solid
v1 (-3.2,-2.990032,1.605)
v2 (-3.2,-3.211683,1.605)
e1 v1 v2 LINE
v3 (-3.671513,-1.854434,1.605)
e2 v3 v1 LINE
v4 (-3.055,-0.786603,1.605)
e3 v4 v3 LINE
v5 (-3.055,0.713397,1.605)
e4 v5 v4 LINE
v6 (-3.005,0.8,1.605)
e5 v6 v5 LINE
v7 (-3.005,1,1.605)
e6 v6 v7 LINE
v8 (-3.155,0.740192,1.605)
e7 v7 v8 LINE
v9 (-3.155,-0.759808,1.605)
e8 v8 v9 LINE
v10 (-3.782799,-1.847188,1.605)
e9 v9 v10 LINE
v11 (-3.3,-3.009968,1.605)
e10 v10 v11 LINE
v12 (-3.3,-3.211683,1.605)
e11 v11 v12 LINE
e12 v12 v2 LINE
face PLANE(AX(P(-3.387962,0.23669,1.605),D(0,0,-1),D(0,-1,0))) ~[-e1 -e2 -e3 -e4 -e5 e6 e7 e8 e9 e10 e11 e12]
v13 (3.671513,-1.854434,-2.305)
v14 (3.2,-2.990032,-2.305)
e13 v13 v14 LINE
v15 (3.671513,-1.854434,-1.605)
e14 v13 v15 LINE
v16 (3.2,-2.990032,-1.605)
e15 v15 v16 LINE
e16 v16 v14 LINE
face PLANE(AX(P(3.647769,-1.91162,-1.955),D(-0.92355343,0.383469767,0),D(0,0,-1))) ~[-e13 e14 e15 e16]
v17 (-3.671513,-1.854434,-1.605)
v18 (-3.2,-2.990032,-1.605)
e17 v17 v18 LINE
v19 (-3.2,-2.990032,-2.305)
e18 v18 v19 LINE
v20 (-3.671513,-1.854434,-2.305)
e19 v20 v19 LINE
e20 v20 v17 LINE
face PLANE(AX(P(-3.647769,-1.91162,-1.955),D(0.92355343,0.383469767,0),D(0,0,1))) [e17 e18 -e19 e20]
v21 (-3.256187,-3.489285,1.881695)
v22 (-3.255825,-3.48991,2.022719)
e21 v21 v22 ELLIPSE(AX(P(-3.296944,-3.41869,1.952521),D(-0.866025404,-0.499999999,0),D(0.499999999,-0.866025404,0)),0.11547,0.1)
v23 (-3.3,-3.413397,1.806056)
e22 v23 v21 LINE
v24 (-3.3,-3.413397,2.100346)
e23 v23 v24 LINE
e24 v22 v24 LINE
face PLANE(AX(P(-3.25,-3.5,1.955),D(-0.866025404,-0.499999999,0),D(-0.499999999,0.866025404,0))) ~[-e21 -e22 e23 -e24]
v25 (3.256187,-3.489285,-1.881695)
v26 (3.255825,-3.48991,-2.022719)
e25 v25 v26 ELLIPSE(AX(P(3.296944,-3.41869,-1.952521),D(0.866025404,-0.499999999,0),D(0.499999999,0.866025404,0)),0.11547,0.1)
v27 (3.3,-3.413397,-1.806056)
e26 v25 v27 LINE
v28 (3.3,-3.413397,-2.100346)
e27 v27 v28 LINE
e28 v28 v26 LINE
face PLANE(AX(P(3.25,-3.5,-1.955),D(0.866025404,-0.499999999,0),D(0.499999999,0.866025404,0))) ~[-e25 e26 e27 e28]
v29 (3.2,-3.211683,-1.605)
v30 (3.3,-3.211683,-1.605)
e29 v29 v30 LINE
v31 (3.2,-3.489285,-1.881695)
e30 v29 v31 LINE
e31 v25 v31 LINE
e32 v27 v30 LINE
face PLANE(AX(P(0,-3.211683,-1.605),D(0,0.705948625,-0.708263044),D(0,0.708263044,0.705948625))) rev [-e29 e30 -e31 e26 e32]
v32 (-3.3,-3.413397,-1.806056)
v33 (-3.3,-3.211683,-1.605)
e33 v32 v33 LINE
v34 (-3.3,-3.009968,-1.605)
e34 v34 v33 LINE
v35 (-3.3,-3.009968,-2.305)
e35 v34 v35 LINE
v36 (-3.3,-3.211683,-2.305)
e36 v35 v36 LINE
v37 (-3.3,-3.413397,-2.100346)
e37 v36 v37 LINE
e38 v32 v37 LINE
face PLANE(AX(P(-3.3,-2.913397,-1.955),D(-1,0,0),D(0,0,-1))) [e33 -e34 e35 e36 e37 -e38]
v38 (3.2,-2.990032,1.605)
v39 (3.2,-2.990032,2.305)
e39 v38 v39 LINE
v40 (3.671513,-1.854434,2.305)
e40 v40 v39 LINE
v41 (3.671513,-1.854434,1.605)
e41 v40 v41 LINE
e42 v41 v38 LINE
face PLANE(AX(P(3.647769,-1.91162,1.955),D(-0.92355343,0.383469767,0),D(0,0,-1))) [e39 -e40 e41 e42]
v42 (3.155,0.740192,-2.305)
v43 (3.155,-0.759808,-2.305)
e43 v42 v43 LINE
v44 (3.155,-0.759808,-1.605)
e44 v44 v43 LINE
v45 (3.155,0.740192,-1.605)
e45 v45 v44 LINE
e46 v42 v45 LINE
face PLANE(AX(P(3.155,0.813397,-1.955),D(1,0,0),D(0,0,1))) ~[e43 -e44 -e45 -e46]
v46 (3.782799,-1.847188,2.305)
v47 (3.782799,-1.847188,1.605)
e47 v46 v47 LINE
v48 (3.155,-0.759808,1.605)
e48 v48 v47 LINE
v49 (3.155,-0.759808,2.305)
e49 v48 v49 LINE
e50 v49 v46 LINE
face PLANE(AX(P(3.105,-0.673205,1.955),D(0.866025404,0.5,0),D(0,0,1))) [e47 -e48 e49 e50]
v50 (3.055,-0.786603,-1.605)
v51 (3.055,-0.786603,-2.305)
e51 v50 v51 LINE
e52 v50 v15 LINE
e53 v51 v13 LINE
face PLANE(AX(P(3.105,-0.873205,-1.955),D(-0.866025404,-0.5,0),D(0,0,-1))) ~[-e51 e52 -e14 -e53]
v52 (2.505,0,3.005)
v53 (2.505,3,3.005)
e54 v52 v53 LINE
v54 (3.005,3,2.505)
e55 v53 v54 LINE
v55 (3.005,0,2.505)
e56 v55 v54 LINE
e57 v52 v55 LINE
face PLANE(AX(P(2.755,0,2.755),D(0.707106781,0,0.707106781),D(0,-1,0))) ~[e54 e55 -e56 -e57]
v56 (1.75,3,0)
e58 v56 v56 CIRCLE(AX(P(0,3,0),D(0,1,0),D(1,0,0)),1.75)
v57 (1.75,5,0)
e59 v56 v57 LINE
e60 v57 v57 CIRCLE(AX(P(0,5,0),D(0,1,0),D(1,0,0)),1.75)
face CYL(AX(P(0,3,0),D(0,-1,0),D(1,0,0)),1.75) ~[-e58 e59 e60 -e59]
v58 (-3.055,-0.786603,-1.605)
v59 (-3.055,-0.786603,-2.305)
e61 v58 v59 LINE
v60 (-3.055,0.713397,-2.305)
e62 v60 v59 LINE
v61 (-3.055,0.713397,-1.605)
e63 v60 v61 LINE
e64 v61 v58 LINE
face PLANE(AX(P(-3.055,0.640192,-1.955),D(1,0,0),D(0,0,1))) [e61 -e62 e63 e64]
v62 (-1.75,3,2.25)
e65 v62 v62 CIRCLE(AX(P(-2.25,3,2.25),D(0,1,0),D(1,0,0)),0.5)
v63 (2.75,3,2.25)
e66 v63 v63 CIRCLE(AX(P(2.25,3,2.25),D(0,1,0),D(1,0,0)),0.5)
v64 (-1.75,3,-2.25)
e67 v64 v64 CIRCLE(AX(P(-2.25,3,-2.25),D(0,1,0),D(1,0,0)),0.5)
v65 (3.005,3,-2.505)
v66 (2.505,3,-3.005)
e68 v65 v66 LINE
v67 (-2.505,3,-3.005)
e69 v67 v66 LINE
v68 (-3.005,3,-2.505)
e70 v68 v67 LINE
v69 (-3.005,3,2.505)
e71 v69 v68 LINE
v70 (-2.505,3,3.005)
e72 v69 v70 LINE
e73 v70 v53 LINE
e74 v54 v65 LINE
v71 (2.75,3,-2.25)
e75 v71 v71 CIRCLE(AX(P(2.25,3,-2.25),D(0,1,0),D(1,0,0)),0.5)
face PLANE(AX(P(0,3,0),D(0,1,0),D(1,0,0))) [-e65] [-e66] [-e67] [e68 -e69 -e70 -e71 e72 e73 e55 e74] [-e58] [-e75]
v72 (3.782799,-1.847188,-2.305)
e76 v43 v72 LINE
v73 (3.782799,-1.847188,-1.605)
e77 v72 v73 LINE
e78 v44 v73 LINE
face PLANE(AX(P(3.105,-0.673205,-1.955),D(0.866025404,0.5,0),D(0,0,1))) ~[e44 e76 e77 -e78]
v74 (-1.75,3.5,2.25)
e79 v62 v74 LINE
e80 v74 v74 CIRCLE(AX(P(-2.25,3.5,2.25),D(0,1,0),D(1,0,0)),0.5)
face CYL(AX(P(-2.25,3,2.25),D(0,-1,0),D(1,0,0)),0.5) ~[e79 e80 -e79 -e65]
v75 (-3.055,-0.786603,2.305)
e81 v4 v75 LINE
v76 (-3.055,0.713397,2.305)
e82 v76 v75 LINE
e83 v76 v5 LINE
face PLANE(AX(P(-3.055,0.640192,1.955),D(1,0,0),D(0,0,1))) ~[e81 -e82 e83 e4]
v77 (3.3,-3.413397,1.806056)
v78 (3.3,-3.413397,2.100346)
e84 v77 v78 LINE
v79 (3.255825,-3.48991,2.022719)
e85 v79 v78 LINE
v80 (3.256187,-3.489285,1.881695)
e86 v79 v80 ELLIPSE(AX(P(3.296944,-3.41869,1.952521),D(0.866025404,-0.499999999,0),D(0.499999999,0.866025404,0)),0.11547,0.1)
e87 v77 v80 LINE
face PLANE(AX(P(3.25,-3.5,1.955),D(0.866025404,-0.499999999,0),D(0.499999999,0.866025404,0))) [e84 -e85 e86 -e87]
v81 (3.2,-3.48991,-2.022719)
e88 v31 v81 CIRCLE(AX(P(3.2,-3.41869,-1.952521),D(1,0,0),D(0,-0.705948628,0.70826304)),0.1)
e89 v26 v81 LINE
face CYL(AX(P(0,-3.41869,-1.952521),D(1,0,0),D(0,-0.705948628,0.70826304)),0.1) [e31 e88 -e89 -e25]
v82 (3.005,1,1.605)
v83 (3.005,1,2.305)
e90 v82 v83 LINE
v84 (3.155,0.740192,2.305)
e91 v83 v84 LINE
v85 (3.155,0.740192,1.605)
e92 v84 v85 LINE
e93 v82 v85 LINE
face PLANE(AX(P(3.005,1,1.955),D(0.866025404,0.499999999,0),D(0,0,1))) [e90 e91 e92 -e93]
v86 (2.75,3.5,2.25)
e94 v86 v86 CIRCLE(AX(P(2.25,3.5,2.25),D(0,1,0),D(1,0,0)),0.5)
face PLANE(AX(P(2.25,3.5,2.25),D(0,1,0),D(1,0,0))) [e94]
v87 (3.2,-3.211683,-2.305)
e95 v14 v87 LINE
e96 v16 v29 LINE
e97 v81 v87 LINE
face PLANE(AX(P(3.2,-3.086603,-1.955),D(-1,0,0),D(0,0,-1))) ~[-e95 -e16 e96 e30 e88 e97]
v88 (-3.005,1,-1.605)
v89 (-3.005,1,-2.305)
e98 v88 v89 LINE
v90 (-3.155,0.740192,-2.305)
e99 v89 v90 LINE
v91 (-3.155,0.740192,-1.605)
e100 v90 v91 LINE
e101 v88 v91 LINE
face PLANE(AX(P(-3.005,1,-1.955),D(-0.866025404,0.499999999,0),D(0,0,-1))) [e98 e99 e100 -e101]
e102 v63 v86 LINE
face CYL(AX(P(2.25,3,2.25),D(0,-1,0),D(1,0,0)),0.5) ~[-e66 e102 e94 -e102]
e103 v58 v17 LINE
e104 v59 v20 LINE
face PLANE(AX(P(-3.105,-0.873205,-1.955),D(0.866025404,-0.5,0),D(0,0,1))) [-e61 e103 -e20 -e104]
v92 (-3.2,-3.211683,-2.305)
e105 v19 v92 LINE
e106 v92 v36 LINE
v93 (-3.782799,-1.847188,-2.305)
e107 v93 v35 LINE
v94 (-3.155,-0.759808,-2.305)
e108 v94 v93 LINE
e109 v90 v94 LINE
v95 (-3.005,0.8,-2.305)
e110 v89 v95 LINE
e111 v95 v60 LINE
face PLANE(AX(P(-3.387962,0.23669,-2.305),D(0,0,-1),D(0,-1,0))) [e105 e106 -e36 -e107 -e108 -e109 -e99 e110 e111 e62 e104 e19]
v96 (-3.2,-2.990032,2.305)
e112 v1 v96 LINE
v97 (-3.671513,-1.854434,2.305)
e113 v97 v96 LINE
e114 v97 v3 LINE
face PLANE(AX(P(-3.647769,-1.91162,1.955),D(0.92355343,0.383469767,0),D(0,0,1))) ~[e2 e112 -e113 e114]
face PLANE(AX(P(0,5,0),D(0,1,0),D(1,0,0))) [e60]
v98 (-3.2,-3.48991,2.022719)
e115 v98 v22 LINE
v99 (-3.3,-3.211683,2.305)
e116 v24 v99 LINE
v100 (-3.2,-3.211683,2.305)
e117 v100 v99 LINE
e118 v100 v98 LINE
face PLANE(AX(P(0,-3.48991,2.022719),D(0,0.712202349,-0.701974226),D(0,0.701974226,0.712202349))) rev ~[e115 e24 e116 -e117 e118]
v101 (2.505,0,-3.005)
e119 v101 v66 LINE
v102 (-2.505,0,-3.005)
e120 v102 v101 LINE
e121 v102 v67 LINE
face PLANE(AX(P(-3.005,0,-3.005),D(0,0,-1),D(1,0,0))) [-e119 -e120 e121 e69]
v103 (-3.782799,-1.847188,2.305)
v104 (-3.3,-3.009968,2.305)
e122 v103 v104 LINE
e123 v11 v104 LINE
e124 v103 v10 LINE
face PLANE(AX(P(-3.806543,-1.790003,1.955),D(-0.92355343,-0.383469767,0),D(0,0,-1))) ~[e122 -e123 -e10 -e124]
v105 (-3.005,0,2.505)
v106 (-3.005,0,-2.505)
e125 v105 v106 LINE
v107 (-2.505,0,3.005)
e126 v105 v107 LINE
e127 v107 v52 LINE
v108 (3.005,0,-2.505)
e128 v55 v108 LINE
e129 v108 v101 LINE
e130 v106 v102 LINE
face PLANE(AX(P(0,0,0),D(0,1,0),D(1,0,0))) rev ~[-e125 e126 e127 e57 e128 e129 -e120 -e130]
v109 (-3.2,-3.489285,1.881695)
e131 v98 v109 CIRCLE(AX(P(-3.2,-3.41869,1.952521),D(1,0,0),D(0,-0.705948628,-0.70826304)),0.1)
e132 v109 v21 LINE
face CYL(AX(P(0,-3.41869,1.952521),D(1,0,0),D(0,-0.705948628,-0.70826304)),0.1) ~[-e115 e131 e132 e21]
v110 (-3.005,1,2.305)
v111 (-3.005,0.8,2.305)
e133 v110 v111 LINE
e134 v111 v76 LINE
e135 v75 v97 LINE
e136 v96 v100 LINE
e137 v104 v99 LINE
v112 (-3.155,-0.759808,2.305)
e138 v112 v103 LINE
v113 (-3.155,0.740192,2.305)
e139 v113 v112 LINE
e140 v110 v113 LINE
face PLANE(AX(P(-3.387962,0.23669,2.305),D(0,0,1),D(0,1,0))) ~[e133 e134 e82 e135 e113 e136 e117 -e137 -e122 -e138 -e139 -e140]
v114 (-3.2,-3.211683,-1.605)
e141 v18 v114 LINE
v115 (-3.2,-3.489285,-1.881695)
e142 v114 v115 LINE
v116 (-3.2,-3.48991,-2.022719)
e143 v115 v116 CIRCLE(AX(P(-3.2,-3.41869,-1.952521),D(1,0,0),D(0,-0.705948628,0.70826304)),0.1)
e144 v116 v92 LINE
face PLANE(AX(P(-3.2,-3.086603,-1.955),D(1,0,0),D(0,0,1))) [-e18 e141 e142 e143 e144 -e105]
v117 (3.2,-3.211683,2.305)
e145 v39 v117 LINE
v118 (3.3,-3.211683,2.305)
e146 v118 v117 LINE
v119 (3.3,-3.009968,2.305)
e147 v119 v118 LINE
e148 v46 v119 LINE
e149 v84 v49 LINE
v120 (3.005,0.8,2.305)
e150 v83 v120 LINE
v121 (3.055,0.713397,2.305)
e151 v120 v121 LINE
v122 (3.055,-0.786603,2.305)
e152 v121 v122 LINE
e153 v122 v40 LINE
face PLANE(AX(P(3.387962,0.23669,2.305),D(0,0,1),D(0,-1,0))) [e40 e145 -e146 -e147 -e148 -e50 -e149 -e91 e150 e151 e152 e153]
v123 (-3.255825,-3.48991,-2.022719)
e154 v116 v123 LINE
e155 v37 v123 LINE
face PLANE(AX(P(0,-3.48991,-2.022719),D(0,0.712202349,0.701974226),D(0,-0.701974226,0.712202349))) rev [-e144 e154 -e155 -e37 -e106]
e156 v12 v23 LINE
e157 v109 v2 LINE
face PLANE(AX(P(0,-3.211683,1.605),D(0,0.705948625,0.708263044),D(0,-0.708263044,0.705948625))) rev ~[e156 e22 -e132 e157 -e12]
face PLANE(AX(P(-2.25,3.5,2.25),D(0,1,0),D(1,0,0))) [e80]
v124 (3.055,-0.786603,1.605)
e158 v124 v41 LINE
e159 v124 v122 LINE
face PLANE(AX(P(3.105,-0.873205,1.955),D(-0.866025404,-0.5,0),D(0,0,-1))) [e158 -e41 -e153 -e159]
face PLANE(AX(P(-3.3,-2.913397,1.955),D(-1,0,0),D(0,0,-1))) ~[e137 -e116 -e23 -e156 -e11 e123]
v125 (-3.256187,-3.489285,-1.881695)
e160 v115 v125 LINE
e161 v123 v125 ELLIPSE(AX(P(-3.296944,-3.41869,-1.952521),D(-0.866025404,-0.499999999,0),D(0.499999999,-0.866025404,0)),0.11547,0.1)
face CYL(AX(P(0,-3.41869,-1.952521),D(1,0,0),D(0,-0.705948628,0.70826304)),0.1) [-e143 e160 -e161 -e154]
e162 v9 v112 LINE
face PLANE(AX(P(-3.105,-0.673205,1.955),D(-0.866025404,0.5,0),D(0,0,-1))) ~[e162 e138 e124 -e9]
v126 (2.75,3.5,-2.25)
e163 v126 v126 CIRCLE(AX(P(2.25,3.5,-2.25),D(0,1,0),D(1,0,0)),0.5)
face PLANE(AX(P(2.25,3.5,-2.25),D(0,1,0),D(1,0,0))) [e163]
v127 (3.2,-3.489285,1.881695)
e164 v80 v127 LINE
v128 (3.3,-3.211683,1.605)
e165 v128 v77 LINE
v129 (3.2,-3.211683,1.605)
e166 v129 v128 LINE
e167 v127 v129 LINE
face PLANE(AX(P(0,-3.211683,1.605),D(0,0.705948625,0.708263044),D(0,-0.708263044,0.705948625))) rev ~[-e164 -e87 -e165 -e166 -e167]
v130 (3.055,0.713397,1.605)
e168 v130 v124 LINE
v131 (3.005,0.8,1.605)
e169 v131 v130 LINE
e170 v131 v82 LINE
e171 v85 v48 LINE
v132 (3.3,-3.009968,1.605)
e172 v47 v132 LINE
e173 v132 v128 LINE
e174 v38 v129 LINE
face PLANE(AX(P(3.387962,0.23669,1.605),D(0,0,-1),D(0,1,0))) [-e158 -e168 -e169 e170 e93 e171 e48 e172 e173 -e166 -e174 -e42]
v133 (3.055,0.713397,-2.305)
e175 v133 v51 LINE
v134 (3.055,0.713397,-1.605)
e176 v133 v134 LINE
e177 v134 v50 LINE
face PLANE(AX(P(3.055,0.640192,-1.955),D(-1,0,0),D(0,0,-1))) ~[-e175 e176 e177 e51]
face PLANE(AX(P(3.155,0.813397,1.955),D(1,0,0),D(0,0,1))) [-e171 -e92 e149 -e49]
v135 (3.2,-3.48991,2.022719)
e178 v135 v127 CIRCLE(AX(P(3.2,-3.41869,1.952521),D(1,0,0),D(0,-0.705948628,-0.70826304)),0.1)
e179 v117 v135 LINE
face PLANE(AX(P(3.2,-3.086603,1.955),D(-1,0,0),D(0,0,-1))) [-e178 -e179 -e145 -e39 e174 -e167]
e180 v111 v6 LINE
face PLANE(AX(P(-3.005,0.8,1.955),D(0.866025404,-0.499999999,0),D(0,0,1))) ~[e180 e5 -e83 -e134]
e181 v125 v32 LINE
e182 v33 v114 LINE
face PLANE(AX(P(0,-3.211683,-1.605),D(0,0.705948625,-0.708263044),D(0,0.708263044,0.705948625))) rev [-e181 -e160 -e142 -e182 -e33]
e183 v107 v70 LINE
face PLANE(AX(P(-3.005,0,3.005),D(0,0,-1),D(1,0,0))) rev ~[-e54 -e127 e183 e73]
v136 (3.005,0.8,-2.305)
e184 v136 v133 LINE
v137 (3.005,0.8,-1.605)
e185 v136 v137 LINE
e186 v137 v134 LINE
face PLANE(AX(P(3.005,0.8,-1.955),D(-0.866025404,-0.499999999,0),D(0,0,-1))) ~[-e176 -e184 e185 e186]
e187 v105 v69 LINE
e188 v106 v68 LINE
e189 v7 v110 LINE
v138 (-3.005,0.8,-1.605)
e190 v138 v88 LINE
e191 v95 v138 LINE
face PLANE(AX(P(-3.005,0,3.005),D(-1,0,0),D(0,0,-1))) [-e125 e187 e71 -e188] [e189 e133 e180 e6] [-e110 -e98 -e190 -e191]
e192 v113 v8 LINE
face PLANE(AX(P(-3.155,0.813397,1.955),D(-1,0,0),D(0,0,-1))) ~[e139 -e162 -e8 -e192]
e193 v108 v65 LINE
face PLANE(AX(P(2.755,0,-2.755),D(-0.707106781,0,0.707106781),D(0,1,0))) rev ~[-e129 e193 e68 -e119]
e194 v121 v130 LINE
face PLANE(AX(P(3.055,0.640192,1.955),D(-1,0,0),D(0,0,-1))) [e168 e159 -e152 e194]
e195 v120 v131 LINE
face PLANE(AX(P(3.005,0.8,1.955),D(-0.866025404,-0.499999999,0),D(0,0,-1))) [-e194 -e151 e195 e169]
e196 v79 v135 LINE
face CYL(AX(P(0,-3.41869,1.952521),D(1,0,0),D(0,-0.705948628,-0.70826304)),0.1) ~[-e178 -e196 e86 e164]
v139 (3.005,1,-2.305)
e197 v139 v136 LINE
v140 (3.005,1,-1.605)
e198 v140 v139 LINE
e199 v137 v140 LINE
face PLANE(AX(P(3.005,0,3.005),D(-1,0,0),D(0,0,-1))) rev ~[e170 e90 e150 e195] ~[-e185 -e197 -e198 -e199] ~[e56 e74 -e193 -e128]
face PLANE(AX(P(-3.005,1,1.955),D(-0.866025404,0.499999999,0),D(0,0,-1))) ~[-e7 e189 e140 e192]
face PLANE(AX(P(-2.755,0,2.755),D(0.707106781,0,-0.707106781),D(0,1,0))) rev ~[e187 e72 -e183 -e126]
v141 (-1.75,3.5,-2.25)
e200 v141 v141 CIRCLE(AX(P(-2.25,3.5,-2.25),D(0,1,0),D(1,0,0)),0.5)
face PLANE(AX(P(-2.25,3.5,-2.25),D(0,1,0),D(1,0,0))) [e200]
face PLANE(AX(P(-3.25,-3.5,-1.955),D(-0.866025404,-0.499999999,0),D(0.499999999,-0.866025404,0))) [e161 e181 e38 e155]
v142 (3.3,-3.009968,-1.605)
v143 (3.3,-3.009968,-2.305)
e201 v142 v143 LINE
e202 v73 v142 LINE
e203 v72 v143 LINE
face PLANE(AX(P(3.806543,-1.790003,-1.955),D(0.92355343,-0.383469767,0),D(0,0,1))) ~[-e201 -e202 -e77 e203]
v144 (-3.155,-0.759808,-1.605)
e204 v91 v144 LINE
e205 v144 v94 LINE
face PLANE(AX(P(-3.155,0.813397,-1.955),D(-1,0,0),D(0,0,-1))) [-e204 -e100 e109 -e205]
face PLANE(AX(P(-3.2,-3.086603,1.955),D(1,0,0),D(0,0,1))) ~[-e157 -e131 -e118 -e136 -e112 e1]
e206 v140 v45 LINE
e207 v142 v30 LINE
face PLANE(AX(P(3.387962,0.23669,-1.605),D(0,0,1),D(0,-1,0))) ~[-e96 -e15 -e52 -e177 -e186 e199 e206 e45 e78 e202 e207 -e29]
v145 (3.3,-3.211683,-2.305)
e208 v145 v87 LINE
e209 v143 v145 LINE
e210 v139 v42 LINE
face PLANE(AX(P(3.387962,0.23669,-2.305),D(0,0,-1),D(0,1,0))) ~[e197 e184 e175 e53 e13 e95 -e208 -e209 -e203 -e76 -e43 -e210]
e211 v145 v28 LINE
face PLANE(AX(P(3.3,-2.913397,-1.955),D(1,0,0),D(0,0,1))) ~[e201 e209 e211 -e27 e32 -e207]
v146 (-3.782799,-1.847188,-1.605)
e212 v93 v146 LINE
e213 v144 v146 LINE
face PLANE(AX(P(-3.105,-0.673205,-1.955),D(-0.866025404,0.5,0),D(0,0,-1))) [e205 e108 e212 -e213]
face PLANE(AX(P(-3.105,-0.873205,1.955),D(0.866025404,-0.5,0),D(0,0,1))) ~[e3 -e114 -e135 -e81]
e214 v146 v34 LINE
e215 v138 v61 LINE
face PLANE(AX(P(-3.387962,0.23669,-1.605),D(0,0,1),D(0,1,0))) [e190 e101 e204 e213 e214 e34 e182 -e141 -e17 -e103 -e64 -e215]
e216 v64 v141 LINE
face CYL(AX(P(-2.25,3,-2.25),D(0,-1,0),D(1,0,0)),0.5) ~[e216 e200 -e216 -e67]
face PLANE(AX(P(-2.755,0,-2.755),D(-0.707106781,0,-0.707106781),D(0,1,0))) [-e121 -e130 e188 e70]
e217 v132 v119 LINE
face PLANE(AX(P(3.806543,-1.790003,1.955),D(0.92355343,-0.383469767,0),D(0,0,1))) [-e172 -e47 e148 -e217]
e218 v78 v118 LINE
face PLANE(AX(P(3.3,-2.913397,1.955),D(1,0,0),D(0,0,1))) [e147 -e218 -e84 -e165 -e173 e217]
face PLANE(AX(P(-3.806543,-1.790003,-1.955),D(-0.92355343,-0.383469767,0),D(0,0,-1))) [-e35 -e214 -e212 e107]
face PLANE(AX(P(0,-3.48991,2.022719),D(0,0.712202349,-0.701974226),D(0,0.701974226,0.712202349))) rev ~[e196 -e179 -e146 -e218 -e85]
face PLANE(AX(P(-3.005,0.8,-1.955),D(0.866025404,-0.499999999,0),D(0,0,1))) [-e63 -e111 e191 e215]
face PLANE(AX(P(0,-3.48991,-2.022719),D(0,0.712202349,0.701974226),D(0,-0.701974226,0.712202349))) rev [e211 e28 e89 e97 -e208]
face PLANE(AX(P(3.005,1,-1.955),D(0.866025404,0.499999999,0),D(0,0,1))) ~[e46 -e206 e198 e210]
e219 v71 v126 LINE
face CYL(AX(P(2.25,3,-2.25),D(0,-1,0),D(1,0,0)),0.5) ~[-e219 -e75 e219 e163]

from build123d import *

# Parameters (mm, degrees)
SKETCH1_W               = 6.01
SKETCH1_H               = 6.01
BOSS_EXTRUDE1_DEPTH     = 3
CHAMFER1_SIZE           = 0.5
SKETCH3_R               = 1.75
BOSS_EXTRUDE2_DEPTH     = 2
SKETCH4_R               = 0.5
BOSS_EXTRUDE6_DEPTH     = 0.5
SKETCH5_R               = 0.5
BOSS_EXTRUDE7_DEPTH     = 0.5
SKETCH6_W               = 0.7
SKETCH6_H               = 0.2
MIRROR2_COPY_1_SKETCH_W = 0.7
MIRROR2_COPY_1_SKETCH_H = 0.2
CUT_EXTRUDE1_DEPTH      = 4.782799277


with BuildPart() as part:
    # Sketch1 → Boss-Extrude1 (new body)
    with BuildSketch(Plane(origin=(0, 0, 0), x_dir=(1, 0, 0), z_dir=(0, 1, 0))):
        Rectangle(SKETCH1_W, SKETCH1_H)
    extrude(amount=BOSS_EXTRUDE1_DEPTH)

    # Chamfer1
    chamfer1_edges = [part.edges().sort_by_distance(p)[0] for p in [
        (3.005, 1.5, 3.005),
        (-3.005, 1.5, 3.005),
        (-3.005, 1.5, -3.005),
        (3.005, 1.5, -3.005),
    ]]
    chamfer(chamfer1_edges, length=CHAMFER1_SIZE)

    # Sketch3 → Boss-Extrude2 (add)
    with BuildSketch(Plane(origin=(0, 3, 0), x_dir=(1, 0, 0), z_dir=(0, 1, 0))):
        Circle(SKETCH3_R)
    extrude(amount=BOSS_EXTRUDE2_DEPTH)

    # Sketch4 → Boss-Extrude6 (add)
    with BuildSketch(Plane(origin=(0, 3, 0), x_dir=(1, 0, 0), z_dir=(0, 1, 0))):
        with Locations((2.25, 2.25)):
            Circle(SKETCH4_R)
        with Locations((2.25, -2.25)):
            Circle(SKETCH4_R)
        with Locations((-2.25, 2.25)):
            Circle(SKETCH4_R)
    extrude(amount=BOSS_EXTRUDE6_DEPTH)

    # Sketch5 → Boss-Extrude7 (add)
    with BuildSketch(Plane(origin=(0, 3, 0), x_dir=(1, 0, 0), z_dir=(0, 1, 0))):
        with Locations((-2.25, -2.25)):
            Circle(SKETCH5_R)
    extrude(amount=BOSS_EXTRUDE7_DEPTH)

    # Sweep1: sweep along a path in Sketch7
    with BuildLine(Plane.XY) as sweep1_path:
        Line((-3.005, 0.9), (-3.105, 0.726794919))
        Line((-3.105, 0.726794919), (-3.105, -0.773205081))
        Line((-3.105, -0.773205081), (-3.72715614, -1.850811126))
        Line((-3.72715614, -1.850811126), (-3.25, -3))
        Line((-3.25, -3), (-3.25, -3.5))
    # Sketch6 → Sweep1 (sweep)
    with BuildSketch(Plane.ZY.offset(3.005)):
        with Locations((-1.955, 0.9)):
            Rectangle(SKETCH6_W, SKETCH6_H)
    sweep1 = sweep(path=sweep1_path.line, transition=Transition.RIGHT)

    # Mirror1: Sweep1 across plane
    add(sweep1.mirror(Plane.XY))

    # Mirror2: Sweep1 across plane
    add(sweep1.mirror(Plane(origin=(0, 0, 0), x_dir=(0, 0, 1), z_dir=(1, 0, 0))))

    # Mirror2 copy 1: sweep along a path in Mirror2 copy 1 path
    with BuildLine(Plane(origin=(0, 0, 0), x_dir=(-1, 0, 0), z_dir=(0, 0, -1))) as mirror2_copy_1_path:
        Line((-3.005, 0.9), (-3.105, 0.726794919))
        Line((-3.105, 0.726794919), (-3.105, -0.773205081))
        Line((-3.105, -0.773205081), (-3.72715614, -1.850811126))
        Line((-3.72715614, -1.850811126), (-3.25, -3))
        Line((-3.25, -3), (-3.25, -3.5))
    # Mirror2 copy 1 sketch → Mirror2 copy 1 (sweep)
    with BuildSketch(Plane(origin=(3.005, 0, 0), x_dir=(0, 0, -1), z_dir=(1, 0, 0))):
        with Locations((-1.955, 0.9)):
            Rectangle(MIRROR2_COPY_1_SKETCH_W, MIRROR2_COPY_1_SKETCH_H)
    sweep(path=mirror2_copy_1_path.line, transition=Transition.RIGHT)

    # Sketch8 → Cut-Extrude1 (cut, symmetric)
    with BuildSketch(Plane(origin=(0, 0, 0), x_dir=(0, 0, -1), z_dir=(1, 0, 0))):
        with BuildLine():
            Line((-2.305, -3.211682602), (-2.305, -3.58660254))
            Line((-2.305, -3.58660254), (-1.605, -3.58660254))
            Line((-1.605, -3.58660254), (-1.605, -3.211682602))
            Line((-1.605, -3.211682602), (-1.881694927, -3.48928466))
            ThreePointArc((-1.881694927, -3.48928466), (-1.952077784, -3.518688814), (-2.022718654, -3.489910032))
            Line((-2.022718654, -3.489910032), (-2.305, -3.211682602))
        make_face()
    cut_extrude1 = extrude(amount=CUT_EXTRUDE1_DEPTH, both=True, mode=Mode.SUBTRACT)

    # Mirror3: Cut-Extrude1 across plane
    add(cut_extrude1.mirror(Plane.XY), mode=Mode.SUBTRACT)


solid = part.part
